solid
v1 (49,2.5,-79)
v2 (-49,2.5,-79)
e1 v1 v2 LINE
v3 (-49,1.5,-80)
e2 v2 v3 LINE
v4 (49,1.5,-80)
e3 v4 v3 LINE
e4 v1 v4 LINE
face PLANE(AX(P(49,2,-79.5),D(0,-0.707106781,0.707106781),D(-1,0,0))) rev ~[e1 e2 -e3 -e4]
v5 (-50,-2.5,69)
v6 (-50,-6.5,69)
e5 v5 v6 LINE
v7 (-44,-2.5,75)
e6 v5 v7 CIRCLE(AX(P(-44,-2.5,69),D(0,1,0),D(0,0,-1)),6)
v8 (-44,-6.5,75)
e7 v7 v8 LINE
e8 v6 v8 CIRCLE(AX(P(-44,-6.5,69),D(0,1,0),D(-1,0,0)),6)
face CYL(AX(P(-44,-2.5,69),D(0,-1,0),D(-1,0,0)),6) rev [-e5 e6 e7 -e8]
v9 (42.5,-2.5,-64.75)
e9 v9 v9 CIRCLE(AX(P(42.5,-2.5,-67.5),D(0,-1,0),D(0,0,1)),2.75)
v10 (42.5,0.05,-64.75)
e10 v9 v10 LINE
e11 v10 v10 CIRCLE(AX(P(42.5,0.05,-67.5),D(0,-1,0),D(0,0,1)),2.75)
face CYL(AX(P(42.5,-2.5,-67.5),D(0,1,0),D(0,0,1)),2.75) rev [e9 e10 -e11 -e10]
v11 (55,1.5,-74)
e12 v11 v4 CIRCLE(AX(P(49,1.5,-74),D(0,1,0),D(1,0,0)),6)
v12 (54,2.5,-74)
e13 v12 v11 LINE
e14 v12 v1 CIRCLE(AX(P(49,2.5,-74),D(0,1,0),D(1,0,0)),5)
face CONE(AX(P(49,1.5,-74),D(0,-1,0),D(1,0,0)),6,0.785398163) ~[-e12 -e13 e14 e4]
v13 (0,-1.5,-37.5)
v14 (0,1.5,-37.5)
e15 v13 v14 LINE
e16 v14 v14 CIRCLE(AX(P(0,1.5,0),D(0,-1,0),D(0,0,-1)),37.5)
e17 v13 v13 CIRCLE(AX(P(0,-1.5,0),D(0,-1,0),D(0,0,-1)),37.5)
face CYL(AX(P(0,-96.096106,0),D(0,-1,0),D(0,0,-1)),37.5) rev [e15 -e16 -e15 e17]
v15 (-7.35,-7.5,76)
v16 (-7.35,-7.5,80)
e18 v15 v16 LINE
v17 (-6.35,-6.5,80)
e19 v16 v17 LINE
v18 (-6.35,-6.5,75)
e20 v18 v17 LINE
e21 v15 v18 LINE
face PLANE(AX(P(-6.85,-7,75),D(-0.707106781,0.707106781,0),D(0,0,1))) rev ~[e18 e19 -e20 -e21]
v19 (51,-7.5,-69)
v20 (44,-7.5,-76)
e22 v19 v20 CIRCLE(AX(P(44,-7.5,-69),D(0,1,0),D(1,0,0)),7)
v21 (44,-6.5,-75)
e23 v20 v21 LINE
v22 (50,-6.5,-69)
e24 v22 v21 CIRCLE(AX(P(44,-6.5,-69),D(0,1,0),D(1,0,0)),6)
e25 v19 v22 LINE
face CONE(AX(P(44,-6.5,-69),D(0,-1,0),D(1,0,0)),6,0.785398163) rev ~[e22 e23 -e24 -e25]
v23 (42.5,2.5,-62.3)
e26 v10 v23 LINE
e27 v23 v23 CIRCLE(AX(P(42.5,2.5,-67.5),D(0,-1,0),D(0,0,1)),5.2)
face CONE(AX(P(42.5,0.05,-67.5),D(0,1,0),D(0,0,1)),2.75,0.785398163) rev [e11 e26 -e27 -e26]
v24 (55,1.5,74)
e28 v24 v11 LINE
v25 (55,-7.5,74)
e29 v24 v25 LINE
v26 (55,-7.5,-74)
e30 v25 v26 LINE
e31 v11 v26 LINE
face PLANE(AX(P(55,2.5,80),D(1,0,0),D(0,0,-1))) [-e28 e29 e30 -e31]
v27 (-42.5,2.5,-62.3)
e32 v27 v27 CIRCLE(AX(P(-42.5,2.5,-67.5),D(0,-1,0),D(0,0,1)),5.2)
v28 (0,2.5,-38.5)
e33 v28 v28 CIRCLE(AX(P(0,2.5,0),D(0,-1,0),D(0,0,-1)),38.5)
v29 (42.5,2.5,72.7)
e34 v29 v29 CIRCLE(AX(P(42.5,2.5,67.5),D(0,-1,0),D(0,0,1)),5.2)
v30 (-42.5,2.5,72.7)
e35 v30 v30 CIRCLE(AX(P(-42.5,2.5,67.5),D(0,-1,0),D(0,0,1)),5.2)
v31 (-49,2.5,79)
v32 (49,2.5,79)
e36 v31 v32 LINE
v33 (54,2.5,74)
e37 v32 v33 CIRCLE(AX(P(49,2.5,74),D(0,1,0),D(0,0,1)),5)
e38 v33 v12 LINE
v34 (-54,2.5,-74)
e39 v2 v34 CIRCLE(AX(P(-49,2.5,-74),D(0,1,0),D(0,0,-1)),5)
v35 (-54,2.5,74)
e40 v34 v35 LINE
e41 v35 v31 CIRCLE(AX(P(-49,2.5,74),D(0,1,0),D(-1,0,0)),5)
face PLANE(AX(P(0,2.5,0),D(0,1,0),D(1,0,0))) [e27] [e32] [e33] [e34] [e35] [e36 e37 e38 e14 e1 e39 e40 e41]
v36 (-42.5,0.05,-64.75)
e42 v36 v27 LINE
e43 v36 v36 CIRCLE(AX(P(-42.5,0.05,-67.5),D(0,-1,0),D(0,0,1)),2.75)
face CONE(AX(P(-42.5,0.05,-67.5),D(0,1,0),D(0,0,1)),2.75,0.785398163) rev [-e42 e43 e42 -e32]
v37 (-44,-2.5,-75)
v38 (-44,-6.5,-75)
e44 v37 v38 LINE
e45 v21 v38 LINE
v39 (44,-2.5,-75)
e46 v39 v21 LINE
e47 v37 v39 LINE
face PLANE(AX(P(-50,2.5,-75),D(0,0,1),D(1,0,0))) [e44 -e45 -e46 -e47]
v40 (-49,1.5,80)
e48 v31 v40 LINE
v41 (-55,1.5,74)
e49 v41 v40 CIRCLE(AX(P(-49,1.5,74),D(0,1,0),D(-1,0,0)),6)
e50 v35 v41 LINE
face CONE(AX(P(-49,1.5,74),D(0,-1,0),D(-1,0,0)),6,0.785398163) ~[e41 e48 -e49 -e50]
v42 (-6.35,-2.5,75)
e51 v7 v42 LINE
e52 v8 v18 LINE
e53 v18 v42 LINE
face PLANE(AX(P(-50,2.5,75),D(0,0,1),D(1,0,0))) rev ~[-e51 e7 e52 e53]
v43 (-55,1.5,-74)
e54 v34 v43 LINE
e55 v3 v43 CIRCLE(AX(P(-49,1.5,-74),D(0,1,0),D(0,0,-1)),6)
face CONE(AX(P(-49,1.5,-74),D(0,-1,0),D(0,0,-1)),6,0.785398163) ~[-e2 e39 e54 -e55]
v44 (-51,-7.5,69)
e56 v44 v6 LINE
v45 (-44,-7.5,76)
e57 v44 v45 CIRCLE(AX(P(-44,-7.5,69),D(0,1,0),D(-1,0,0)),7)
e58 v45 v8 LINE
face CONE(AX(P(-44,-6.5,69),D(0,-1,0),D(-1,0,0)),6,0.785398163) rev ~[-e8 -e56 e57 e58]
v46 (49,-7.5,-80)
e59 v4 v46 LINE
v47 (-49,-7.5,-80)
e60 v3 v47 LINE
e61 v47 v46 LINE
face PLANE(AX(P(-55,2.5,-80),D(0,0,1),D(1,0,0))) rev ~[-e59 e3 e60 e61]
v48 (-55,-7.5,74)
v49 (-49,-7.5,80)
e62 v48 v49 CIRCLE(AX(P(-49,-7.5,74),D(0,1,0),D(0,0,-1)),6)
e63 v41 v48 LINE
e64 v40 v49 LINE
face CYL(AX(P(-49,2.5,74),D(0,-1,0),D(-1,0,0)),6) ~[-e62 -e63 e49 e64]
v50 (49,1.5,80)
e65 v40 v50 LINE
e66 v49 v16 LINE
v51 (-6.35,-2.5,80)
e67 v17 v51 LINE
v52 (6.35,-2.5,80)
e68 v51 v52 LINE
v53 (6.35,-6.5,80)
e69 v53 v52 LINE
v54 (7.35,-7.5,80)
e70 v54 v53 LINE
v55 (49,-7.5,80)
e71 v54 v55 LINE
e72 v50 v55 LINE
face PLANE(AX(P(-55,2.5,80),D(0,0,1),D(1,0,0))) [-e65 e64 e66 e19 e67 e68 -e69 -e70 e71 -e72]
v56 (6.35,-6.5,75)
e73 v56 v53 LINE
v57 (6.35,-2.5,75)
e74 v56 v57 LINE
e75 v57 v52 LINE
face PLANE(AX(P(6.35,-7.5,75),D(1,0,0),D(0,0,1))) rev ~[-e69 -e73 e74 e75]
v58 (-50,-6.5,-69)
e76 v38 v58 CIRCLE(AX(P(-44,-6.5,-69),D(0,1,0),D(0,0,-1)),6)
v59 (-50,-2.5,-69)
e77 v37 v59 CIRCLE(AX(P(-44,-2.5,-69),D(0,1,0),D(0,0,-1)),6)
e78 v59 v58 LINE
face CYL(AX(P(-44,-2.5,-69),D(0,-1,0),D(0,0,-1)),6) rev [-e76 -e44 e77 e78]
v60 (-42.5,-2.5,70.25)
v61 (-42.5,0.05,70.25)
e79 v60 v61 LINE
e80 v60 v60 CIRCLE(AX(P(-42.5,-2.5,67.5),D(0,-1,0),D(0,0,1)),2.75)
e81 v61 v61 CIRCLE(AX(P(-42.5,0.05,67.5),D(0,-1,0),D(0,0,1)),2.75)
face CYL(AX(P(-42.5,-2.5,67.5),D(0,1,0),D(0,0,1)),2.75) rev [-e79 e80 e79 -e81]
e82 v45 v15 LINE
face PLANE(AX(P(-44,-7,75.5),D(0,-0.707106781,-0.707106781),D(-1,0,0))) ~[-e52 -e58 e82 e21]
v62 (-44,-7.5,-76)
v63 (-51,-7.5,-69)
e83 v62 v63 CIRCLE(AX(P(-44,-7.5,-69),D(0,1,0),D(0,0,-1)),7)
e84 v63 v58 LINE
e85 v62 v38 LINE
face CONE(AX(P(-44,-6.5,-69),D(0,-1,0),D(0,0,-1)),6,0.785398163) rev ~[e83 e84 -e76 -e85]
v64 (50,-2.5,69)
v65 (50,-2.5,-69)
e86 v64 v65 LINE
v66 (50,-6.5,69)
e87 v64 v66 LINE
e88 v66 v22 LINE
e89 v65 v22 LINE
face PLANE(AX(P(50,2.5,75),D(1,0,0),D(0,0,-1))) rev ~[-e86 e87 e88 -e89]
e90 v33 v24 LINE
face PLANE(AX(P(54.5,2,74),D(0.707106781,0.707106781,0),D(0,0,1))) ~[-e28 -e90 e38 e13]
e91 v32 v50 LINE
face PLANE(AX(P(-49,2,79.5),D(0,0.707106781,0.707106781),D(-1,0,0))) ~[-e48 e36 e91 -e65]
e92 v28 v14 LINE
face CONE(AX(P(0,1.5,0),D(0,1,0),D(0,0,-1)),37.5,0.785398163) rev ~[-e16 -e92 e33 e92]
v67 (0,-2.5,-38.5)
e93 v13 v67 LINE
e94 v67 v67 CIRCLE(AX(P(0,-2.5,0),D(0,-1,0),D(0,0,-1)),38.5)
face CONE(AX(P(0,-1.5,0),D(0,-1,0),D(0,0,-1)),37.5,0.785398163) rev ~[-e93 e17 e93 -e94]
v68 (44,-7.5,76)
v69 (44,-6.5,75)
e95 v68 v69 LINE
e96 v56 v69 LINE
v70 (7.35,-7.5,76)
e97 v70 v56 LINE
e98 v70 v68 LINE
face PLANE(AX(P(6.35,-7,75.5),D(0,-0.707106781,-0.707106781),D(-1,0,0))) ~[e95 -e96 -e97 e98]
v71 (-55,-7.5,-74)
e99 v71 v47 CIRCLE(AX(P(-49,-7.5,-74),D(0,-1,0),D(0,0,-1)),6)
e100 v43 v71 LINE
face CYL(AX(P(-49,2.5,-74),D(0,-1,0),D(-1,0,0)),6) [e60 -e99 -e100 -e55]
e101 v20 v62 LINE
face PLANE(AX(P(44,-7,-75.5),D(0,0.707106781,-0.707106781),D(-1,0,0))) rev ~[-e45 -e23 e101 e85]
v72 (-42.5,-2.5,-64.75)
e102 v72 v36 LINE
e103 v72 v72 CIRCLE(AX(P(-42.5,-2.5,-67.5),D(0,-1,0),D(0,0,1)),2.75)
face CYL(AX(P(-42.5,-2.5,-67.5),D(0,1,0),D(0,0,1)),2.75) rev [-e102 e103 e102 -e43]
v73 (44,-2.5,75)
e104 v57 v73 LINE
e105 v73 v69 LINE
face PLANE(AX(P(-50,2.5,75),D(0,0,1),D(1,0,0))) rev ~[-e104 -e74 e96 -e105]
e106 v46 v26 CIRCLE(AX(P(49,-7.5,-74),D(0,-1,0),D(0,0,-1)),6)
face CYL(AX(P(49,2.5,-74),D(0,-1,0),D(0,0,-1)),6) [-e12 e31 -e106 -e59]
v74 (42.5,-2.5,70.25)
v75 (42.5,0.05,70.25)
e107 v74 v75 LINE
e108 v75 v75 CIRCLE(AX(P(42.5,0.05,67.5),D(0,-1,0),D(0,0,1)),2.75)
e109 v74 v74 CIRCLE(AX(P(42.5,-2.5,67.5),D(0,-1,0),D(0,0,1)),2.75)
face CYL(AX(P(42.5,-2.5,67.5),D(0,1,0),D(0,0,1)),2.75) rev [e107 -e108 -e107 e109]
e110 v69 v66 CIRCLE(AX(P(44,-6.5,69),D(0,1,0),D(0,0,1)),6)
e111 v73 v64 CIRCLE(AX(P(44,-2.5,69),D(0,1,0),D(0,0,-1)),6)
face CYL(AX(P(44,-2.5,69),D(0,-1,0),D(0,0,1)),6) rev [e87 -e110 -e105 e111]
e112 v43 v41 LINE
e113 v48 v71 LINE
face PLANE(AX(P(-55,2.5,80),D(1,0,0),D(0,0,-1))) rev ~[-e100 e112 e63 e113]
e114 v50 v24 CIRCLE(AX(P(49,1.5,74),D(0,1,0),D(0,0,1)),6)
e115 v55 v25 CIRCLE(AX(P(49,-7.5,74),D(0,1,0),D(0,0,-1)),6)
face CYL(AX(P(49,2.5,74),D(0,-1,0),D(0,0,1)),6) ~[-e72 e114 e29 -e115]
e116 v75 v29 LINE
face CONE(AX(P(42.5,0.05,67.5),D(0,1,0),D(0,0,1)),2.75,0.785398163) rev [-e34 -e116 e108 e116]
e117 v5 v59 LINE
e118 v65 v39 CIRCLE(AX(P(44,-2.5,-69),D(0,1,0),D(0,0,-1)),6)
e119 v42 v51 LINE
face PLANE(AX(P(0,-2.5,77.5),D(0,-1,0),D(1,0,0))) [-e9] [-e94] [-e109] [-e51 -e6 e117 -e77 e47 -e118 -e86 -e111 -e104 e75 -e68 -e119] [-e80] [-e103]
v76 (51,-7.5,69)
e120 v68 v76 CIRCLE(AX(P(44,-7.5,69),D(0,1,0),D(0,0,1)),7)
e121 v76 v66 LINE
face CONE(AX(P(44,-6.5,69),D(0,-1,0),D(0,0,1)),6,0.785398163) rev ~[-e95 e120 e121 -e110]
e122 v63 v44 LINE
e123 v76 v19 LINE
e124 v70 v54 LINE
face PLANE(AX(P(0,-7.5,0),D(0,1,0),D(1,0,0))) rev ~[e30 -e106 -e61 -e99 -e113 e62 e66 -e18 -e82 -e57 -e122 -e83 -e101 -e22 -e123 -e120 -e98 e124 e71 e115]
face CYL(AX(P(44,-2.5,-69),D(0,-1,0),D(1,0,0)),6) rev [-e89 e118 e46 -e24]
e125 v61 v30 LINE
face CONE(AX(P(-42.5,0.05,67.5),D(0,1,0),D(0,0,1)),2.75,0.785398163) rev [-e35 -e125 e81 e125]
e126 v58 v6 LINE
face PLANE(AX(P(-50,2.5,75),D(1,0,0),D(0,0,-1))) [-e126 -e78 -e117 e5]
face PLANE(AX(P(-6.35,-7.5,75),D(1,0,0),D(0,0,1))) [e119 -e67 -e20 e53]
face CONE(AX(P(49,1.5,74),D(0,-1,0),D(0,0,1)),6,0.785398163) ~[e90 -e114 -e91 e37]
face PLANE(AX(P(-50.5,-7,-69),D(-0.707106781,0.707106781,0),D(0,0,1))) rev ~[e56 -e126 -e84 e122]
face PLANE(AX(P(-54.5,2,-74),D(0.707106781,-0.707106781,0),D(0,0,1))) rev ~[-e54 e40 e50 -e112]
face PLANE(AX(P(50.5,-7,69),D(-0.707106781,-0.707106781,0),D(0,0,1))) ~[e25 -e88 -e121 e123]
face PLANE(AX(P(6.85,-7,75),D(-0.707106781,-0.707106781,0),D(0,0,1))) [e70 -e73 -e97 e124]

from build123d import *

# Parameters (mm, degrees)
SKETCH1_W                                      = 100
SKETCH1_H                                      = 150
BOSS_EXTRUDE1_DEPTH                            = 2.5
CSK_FOR_M5_FLAT_HEAD_MACHINE_SCREW1_AT_2_COUNT = 2
CSK_FOR_M5_FLAT_HEAD_MACHINE_SCREW1_AT_2_PITCH = 85
CSK_FOR_M5_FLAT_HEAD_MACHINE_SCREW1_AT_3_COUNT = 2
CSK_FOR_M5_FLAT_HEAD_MACHINE_SCREW1_AT_3_PITCH = 159.530561335
CSK_FOR_M5_FLAT_HEAD_MACHINE_SCREW1_AT_4_COUNT = 2
CSK_FOR_M5_FLAT_HEAD_MACHINE_SCREW1_AT_4_PITCH = 135
SKETCH5_W                                      = 110
SKETCH5_H                                      = 160
SKETCH5_W_2                                    = 100
SKETCH5_H_2                                    = 150
BOSS_EXTRUDE2_DEPTH                            = 10
SKETCH6_W                                      = 12.7
SKETCH6_H                                      = 5
CUT_EXTRUDE1_DEPTH                             = 5
FILLET1_R                                      = 6
CUT_EXTRUDE2_DEPTH                             = 98.59610648
CUT_EXTRUDE2_DEPTH_BACK                        = 98.59610648
SKETCH7_R                                      = 37.5
CHAMFER2_SIZE                                  = 1


with BuildPart() as part:
    # Sketch1 → Boss-Extrude1 (new, symmetric)
    with BuildSketch(Plane(origin=(0, 0, 0), x_dir=(1, 0, 0), z_dir=(0, 1, 0))):
        Rectangle(SKETCH1_W, SKETCH1_H)
    extrude(amount=BOSS_EXTRUDE1_DEPTH, both=True)

    # Sketch4 → CSK for M5 Flat Head Machine Screw1 (revolve, cut)
    with BuildSketch(Plane(origin=(-42.5, 2.5, -67.5), x_dir=(0, 0, 1), z_dir=(1, 0, 0))):
        Polygon((0, 0), (0, 5), (2.75, 5), (2.75, 2.45), (5.2, 0), align=None)
    csk_for_m5_flat_head_machine_screw1 = revolve(axis=Axis((-42.5, 8.85, -67.5), (0, -1, 0)), mode=Mode.SUBTRACT)

    # CSK for M5 Flat Head Machine Screw1 at 2: CSK for M5 Flat Head Machine Screw1 ×2
    with Locations(*[(i * CSK_FOR_M5_FLAT_HEAD_MACHINE_SCREW1_AT_2_PITCH, 0, 0) for i in range(1, CSK_FOR_M5_FLAT_HEAD_MACHINE_SCREW1_AT_2_COUNT)]):
        add(csk_for_m5_flat_head_machine_screw1, mode=Mode.SUBTRACT)

    # CSK for M5 Flat Head Machine Screw1 at 3: CSK for M5 Flat Head Machine Screw1 ×2
    with Locations(*[Vector(0.5328132696861391, 0, 0.8462328400897507) * (i * CSK_FOR_M5_FLAT_HEAD_MACHINE_SCREW1_AT_3_PITCH) for i in range(1, CSK_FOR_M5_FLAT_HEAD_MACHINE_SCREW1_AT_3_COUNT)]):
        add(csk_for_m5_flat_head_machine_screw1, mode=Mode.SUBTRACT)

    # CSK for M5 Flat Head Machine Screw1 at 4: CSK for M5 Flat Head Machine Screw1 ×2
    with Locations(*[(0, 0, i * CSK_FOR_M5_FLAT_HEAD_MACHINE_SCREW1_AT_4_PITCH) for i in range(1, CSK_FOR_M5_FLAT_HEAD_MACHINE_SCREW1_AT_4_COUNT)]):
        add(csk_for_m5_flat_head_machine_screw1, mode=Mode.SUBTRACT)

    # Sketch5 → Boss-Extrude2 (add)
    with BuildSketch(Plane(origin=(0, 2.5, 0), x_dir=(1, 0, 0), z_dir=(0, 1, 0))):
        Rectangle(SKETCH5_W, SKETCH5_H)
        Rectangle(SKETCH5_W_2, SKETCH5_H_2, mode=Mode.SUBTRACT)
    extrude(amount=-BOSS_EXTRUDE2_DEPTH)

    # Sketch6 → Cut-Extrude1 (cut)
    with BuildSketch(Plane.XZ.offset(7.5)):
        with Locations((0, 77.5)):
            Rectangle(SKETCH6_W, SKETCH6_H)
    extrude(amount=-CUT_EXTRUDE1_DEPTH, mode=Mode.SUBTRACT)

    # Fillet1
    fillet1_edges = [part.edges().sort_by_distance(p)[0] for p in [
        (55, -2.5, -80),
        (55, -2.5, 80),
        (-55, -2.5, 80),
        (-55, -2.5, -80),
        (-50, -5, -75),
        (50, -5, -75),
        (50, -5, 75),
        (-50, -5, 75),
    ]]
    fillet(fillet1_edges, radius=FILLET1_R)

    # Sketch7 → Cut-Extrude2 (cut, two sides: drawn at the far end of the back side and taken through both)
    with BuildSketch(Plane(origin=(0, 2.5, 0), x_dir=(1, 0, 0), z_dir=(0, 1, 0)).offset(-CUT_EXTRUDE2_DEPTH_BACK)):
        with Locations(Location((0, 0, 0), (0, 0, 90))):
            Circle(SKETCH7_R)
    extrude(amount=CUT_EXTRUDE2_DEPTH + CUT_EXTRUDE2_DEPTH_BACK, mode=Mode.SUBTRACT)

    # Chamfer2
    chamfer2_edges = [part.edges().sort_by_distance(p)[0] for p in [
        (-48.242640687, -7.5, -73.242640687),
        (48.242640687, -7.5, -73.242640687),
        (48.242640687, -7.5, 73.242640687),
        (-48.242640687, -7.5, 73.242640687),
        (0, 2.5, 37.5),
        (0, -2.5, 37.5),
        (25.175, -7.5, 75),
        (6.35, -7.5, 77.5),
        (-6.35, -7.5, 77.5),
        (0, 2.5, 80),
        (55, 2.5, 0),
        (0, 2.5, -80),
        (-55, 2.5, 0),
        (-53.242640687, 2.5, 78.242640687),
        (-53.242640687, 2.5, -78.242640687),
        (53.242640687, 2.5, -78.242640687),
        (53.242640687, 2.5, 78.242640687),
        (50, -7.5, 0),
        (0, -7.5, -75),
        (-50, -7.5, 0),
        (-25.175, -7.5, 75),
    ]]
    chamfer(chamfer2_edges, length=CHAMFER2_SIZE)


solid = part.part
